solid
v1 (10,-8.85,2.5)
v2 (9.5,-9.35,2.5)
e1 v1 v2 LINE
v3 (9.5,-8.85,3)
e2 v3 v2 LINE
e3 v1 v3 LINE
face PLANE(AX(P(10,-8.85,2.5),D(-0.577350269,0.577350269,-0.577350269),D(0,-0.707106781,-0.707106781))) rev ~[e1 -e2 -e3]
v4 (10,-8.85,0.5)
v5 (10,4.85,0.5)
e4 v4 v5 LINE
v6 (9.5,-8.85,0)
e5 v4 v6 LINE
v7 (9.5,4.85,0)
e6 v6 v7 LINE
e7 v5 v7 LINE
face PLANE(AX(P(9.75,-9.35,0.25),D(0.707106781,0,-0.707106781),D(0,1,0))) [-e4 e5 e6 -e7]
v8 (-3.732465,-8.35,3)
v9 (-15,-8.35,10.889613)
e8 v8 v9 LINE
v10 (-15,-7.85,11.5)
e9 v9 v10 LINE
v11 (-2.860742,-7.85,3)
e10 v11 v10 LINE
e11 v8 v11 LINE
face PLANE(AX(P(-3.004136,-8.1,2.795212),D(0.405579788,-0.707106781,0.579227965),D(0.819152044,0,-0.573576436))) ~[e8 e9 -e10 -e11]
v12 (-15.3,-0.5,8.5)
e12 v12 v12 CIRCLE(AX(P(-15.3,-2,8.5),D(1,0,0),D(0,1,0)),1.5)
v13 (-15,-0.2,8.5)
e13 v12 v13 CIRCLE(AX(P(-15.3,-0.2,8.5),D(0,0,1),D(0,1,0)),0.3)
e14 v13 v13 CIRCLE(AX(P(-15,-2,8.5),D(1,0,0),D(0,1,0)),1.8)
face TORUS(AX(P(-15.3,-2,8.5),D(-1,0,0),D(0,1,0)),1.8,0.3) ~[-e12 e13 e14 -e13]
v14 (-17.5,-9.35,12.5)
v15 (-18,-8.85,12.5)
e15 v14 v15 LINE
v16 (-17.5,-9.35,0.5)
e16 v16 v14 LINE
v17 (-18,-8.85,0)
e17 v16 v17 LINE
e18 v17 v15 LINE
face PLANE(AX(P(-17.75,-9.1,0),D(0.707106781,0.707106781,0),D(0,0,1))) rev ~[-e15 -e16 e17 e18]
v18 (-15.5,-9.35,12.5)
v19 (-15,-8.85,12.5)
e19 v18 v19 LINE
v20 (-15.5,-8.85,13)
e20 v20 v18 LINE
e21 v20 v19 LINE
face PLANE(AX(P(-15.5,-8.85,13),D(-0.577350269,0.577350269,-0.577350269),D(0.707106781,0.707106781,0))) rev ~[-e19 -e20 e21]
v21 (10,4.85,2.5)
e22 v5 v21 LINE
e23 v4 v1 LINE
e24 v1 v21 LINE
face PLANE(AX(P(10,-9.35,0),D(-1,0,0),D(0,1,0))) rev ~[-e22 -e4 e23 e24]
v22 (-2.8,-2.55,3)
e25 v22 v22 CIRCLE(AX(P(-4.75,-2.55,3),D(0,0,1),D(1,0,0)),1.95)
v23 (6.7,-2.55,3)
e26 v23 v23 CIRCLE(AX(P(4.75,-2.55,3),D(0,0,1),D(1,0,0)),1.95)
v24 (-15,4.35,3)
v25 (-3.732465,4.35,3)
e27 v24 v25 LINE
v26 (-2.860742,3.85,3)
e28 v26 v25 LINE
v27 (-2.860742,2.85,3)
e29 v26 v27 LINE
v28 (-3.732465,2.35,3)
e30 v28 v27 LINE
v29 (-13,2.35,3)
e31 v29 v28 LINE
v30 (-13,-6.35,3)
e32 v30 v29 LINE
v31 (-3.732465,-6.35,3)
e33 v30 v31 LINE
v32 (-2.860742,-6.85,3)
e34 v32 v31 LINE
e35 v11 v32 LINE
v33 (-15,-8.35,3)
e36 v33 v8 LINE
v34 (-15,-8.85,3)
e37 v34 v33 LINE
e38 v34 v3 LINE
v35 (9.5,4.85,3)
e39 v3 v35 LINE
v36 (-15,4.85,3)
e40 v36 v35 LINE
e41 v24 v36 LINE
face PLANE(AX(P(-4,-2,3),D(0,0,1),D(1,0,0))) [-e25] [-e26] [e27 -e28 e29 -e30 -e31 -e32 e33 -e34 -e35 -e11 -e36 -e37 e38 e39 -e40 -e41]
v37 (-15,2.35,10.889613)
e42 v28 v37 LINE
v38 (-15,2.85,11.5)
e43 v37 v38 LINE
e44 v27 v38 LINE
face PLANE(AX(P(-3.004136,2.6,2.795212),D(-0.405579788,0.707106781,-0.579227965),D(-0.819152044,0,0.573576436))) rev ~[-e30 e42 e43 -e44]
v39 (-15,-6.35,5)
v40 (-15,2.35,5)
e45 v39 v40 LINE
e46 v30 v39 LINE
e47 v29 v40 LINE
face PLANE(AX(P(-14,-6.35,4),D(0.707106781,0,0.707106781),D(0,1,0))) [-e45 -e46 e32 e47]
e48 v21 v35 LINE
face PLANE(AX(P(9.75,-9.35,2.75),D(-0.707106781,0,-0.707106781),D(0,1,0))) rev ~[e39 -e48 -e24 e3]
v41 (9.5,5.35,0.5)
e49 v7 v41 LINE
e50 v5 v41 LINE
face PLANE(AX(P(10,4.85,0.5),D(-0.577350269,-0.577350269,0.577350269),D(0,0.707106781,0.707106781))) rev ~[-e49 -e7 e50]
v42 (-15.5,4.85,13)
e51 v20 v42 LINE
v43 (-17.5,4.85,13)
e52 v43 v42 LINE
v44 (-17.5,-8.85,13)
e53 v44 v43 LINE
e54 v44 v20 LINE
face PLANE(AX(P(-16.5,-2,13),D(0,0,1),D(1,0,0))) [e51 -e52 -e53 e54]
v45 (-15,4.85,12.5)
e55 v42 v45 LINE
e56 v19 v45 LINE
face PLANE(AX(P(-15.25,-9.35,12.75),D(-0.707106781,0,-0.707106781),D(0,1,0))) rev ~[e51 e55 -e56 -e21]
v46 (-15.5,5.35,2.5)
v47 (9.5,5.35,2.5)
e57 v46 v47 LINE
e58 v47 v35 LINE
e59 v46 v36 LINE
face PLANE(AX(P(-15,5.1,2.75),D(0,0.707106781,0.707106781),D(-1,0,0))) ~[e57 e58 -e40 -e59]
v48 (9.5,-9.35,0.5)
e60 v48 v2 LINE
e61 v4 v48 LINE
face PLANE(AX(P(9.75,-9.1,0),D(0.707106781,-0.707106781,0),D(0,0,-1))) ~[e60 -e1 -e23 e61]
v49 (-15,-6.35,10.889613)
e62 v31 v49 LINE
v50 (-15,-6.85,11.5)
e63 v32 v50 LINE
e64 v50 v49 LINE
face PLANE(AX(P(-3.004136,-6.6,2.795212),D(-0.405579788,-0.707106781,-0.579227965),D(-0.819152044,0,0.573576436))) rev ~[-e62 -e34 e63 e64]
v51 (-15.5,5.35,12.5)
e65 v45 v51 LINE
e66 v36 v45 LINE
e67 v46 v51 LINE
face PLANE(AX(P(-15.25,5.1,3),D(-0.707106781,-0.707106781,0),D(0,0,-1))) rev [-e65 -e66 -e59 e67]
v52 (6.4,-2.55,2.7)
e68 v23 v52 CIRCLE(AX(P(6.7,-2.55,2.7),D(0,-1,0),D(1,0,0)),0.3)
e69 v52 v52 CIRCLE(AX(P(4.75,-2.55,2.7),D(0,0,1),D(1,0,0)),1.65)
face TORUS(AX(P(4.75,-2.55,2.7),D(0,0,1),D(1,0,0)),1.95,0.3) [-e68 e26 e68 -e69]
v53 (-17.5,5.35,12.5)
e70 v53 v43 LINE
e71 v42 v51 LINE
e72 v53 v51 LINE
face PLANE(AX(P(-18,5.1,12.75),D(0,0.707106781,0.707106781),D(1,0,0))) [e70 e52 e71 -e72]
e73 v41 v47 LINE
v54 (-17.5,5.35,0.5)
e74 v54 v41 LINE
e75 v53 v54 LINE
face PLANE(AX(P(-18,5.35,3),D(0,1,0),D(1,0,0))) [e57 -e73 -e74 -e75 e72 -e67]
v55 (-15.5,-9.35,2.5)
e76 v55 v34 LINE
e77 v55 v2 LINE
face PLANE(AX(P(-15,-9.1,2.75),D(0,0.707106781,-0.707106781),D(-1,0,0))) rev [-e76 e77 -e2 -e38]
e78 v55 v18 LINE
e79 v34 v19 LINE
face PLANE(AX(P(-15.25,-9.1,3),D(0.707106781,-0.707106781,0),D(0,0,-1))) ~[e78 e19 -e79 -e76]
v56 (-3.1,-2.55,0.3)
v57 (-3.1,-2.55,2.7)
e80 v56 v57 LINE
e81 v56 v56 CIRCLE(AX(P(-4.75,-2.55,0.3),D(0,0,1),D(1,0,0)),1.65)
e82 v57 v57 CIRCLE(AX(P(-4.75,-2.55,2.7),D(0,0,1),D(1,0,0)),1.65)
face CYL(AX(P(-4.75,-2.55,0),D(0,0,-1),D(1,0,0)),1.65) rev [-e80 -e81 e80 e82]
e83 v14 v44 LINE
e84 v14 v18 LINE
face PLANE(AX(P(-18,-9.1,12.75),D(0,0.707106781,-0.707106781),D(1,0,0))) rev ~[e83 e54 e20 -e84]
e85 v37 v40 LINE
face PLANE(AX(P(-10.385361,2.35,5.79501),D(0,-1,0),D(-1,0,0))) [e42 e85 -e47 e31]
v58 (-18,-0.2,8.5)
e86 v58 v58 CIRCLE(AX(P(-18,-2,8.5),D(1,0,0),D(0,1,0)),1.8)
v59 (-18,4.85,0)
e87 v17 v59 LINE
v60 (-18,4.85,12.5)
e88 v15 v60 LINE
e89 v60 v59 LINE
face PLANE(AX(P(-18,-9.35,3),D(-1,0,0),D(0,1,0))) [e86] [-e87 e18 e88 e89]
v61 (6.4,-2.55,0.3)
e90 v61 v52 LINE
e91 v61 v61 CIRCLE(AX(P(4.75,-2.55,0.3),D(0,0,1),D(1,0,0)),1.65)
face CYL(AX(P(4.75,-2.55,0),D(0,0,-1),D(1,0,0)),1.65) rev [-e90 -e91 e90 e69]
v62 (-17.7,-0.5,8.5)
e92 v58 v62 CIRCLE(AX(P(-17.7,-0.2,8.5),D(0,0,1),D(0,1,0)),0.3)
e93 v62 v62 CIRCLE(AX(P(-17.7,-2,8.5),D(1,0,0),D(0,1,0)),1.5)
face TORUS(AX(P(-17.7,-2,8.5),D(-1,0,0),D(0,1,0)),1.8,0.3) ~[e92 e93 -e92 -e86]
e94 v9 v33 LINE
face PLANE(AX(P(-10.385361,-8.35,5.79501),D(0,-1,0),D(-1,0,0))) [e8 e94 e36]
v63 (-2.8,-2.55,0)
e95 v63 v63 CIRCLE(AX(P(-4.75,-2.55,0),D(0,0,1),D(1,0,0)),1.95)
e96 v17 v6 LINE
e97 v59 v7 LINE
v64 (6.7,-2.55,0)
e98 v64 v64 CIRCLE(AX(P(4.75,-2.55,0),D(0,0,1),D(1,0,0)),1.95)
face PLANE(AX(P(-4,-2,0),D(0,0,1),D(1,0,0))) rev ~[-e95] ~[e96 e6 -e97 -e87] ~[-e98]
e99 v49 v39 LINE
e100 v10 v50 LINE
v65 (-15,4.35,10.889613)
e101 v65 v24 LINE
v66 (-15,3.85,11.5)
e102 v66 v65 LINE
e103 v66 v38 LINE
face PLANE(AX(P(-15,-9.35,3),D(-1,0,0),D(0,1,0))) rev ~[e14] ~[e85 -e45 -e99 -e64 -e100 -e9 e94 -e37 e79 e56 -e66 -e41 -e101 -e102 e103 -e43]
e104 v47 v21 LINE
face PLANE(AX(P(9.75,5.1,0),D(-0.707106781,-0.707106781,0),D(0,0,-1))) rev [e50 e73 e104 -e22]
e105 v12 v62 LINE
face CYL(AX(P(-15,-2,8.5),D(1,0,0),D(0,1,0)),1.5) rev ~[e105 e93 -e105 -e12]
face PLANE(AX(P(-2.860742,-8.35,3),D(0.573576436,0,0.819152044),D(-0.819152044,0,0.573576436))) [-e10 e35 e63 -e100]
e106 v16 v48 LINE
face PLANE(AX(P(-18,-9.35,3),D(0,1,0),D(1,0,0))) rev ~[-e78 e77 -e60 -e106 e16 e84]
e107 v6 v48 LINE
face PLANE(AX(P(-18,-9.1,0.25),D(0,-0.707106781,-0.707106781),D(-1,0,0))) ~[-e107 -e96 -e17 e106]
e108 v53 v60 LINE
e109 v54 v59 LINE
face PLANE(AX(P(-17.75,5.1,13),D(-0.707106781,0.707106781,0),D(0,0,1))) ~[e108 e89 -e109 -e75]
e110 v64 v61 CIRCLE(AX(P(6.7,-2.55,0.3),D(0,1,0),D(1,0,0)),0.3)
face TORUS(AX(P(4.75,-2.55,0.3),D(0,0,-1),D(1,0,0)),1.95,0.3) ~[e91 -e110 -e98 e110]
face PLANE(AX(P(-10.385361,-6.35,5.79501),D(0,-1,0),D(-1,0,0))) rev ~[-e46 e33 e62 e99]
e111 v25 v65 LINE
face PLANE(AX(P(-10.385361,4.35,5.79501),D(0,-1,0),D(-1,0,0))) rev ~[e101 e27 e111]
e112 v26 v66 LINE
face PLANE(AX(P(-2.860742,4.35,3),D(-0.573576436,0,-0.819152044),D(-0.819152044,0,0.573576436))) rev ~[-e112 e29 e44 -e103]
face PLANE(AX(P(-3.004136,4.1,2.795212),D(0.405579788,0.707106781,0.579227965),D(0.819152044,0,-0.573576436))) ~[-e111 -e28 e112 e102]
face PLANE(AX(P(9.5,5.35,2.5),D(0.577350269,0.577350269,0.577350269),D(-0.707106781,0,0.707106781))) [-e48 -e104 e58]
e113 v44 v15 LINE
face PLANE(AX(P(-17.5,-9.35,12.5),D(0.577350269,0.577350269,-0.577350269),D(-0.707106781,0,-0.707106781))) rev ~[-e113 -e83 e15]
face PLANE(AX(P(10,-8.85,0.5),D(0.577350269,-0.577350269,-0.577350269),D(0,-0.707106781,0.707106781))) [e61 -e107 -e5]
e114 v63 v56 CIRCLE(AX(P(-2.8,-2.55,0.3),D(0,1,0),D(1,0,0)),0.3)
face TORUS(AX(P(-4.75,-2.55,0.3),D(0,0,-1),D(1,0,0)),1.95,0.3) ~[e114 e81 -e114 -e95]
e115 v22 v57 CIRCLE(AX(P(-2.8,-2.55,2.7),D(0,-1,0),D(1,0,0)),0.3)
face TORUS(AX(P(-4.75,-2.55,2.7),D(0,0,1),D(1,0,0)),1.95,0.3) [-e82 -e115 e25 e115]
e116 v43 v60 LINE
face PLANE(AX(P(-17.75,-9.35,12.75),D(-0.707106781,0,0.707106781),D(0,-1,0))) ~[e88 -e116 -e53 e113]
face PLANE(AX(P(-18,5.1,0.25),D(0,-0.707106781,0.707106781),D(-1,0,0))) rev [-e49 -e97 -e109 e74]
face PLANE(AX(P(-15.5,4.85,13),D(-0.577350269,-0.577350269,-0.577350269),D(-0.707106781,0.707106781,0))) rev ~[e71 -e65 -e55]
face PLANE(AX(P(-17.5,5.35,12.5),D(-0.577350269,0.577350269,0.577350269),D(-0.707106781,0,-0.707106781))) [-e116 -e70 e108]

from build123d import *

# Parameters (mm, degrees)
ESBO_O2_W                = 28
ESBO_O2_H                = 14.7
ESBO_O2_R                = 1.65
RESSALTO_EXTRUS_O1_DEPTH = 3
ESBO_O3_W                = 3
ESBO_O3_H                = 14.7
RESSALTO_EXTRUS_O2_DEPTH = 10
ESBO_O4_R                = 1.5
CORTE_EXTRUS_O1_DEPTH    = 10
FILETE1_R                = 0.3
RESSALTO_EXTRUS_O3_DEPTH = 2
RESSALTO_EXTRUS_O4_DEPTH = 2
CHANFRO4_SIZE            = 0.5
CHANFRO6_SIZE            = 2


with BuildPart() as part:
    # Esboço2 → Ressalto-extrusão1 (new body)
    with BuildSketch(Plane.XY):
        with Locations((-4, -2)):
            Rectangle(ESBO_O2_W, ESBO_O2_H)
        with Locations((-4.75, -2.55)):
            Circle(ESBO_O2_R, mode=Mode.SUBTRACT)
        with Locations((4.75, -2.55)):
            Circle(ESBO_O2_R, mode=Mode.SUBTRACT)
    extrude(amount=RESSALTO_EXTRUS_O1_DEPTH)

    # Esboço3 → Ressalto-extrusão2 (add)
    with BuildSketch(Plane.XY.offset(3)):
        with Locations((-16.5, -2)):
            Rectangle(ESBO_O3_W, ESBO_O3_H)
    extrude(amount=RESSALTO_EXTRUS_O2_DEPTH)

    # Esboço4 → Corte-extrusão1 (cut)
    with BuildSketch(Plane(origin=(-15, 0, 0), x_dir=(0, 0, -1), z_dir=(1, 0, 0))):
        with Locations(Location((-8.5, -2, 0), (0, 0, 90))):
            Circle(ESBO_O4_R)
    extrude(amount=-CORTE_EXTRUS_O1_DEPTH, mode=Mode.SUBTRACT)

    # Filete1
    filete1_edges = [part.edges().sort_by_distance(p)[0] for p in [
        (-6.4, -2.55, 0),
        (-6.4, -2.55, 3),
        (3.1, -2.55, 0),
        (3.1, -2.55, 3),
        (-18, -3.5, 8.5),
        (-15, -3.5, 8.5),
    ]]
    fillet(filete1_edges, radius=FILETE1_R)

    # Esboço5 → Ressalto-extrusão3 (add)
    with BuildSketch(Plane(origin=(0, 4.35, 0), x_dir=(1, 0, 0), z_dir=(0, 1, 0))):
        Polygon((-15, -3), (-2.860741943, -3), (-15, -11.5), align=None)
    extrude(amount=-RESSALTO_EXTRUS_O3_DEPTH)

    # Esboço7 → Ressalto-extrusão4 (add)
    with BuildSketch(Plane(origin=(0, -8.35, 0), x_dir=(-1, 0, 0), z_dir=(0, -1, 0))):
        Polygon((15, -11.5), (15, -3), (2.860741943, -3), align=None)
    extrude(amount=-RESSALTO_EXTRUS_O4_DEPTH)

    # Chanfro4
    chanfro4_edges = [part.edges().sort_by_distance(p)[0] for p in [
        (-2.5, -9.35, 3),
        (-15, -9.35, 8),
        (-15, 5.35, 8),
        (-18, -2, 13),
        (-16.5, -9.35, 13),
        (-15, -2, 13),
        (-16.5, 5.35, 13),
        (10, -2, 3),
        (-4, -9.35, 0),
        (-4, 5.35, 0),
        (10, -2, 0),
        (-8.930370971, 2.35, 7.25),
        (-8.930370971, 4.35, 7.25),
        (-8.930370971, -6.35, 7.25),
        (-8.930370971, -8.35, 7.25),
        (10, -9.35, 1.5),
        (-18, -9.35, 6.5),
        (-18, 5.35, 6.5),
        (10, 5.35, 1.5),
        (-2.5, 5.35, 3),
    ]]
    chamfer(chanfro4_edges, length=CHANFRO4_SIZE)

    # Chanfro6
    chanfro6_edges = [part.edges().sort_by_distance(p)[0] for p in [
        (-15, -2, 3),
    ]]
    chamfer(chanfro6_edges, length=CHANFRO6_SIZE)


solid = part.part
